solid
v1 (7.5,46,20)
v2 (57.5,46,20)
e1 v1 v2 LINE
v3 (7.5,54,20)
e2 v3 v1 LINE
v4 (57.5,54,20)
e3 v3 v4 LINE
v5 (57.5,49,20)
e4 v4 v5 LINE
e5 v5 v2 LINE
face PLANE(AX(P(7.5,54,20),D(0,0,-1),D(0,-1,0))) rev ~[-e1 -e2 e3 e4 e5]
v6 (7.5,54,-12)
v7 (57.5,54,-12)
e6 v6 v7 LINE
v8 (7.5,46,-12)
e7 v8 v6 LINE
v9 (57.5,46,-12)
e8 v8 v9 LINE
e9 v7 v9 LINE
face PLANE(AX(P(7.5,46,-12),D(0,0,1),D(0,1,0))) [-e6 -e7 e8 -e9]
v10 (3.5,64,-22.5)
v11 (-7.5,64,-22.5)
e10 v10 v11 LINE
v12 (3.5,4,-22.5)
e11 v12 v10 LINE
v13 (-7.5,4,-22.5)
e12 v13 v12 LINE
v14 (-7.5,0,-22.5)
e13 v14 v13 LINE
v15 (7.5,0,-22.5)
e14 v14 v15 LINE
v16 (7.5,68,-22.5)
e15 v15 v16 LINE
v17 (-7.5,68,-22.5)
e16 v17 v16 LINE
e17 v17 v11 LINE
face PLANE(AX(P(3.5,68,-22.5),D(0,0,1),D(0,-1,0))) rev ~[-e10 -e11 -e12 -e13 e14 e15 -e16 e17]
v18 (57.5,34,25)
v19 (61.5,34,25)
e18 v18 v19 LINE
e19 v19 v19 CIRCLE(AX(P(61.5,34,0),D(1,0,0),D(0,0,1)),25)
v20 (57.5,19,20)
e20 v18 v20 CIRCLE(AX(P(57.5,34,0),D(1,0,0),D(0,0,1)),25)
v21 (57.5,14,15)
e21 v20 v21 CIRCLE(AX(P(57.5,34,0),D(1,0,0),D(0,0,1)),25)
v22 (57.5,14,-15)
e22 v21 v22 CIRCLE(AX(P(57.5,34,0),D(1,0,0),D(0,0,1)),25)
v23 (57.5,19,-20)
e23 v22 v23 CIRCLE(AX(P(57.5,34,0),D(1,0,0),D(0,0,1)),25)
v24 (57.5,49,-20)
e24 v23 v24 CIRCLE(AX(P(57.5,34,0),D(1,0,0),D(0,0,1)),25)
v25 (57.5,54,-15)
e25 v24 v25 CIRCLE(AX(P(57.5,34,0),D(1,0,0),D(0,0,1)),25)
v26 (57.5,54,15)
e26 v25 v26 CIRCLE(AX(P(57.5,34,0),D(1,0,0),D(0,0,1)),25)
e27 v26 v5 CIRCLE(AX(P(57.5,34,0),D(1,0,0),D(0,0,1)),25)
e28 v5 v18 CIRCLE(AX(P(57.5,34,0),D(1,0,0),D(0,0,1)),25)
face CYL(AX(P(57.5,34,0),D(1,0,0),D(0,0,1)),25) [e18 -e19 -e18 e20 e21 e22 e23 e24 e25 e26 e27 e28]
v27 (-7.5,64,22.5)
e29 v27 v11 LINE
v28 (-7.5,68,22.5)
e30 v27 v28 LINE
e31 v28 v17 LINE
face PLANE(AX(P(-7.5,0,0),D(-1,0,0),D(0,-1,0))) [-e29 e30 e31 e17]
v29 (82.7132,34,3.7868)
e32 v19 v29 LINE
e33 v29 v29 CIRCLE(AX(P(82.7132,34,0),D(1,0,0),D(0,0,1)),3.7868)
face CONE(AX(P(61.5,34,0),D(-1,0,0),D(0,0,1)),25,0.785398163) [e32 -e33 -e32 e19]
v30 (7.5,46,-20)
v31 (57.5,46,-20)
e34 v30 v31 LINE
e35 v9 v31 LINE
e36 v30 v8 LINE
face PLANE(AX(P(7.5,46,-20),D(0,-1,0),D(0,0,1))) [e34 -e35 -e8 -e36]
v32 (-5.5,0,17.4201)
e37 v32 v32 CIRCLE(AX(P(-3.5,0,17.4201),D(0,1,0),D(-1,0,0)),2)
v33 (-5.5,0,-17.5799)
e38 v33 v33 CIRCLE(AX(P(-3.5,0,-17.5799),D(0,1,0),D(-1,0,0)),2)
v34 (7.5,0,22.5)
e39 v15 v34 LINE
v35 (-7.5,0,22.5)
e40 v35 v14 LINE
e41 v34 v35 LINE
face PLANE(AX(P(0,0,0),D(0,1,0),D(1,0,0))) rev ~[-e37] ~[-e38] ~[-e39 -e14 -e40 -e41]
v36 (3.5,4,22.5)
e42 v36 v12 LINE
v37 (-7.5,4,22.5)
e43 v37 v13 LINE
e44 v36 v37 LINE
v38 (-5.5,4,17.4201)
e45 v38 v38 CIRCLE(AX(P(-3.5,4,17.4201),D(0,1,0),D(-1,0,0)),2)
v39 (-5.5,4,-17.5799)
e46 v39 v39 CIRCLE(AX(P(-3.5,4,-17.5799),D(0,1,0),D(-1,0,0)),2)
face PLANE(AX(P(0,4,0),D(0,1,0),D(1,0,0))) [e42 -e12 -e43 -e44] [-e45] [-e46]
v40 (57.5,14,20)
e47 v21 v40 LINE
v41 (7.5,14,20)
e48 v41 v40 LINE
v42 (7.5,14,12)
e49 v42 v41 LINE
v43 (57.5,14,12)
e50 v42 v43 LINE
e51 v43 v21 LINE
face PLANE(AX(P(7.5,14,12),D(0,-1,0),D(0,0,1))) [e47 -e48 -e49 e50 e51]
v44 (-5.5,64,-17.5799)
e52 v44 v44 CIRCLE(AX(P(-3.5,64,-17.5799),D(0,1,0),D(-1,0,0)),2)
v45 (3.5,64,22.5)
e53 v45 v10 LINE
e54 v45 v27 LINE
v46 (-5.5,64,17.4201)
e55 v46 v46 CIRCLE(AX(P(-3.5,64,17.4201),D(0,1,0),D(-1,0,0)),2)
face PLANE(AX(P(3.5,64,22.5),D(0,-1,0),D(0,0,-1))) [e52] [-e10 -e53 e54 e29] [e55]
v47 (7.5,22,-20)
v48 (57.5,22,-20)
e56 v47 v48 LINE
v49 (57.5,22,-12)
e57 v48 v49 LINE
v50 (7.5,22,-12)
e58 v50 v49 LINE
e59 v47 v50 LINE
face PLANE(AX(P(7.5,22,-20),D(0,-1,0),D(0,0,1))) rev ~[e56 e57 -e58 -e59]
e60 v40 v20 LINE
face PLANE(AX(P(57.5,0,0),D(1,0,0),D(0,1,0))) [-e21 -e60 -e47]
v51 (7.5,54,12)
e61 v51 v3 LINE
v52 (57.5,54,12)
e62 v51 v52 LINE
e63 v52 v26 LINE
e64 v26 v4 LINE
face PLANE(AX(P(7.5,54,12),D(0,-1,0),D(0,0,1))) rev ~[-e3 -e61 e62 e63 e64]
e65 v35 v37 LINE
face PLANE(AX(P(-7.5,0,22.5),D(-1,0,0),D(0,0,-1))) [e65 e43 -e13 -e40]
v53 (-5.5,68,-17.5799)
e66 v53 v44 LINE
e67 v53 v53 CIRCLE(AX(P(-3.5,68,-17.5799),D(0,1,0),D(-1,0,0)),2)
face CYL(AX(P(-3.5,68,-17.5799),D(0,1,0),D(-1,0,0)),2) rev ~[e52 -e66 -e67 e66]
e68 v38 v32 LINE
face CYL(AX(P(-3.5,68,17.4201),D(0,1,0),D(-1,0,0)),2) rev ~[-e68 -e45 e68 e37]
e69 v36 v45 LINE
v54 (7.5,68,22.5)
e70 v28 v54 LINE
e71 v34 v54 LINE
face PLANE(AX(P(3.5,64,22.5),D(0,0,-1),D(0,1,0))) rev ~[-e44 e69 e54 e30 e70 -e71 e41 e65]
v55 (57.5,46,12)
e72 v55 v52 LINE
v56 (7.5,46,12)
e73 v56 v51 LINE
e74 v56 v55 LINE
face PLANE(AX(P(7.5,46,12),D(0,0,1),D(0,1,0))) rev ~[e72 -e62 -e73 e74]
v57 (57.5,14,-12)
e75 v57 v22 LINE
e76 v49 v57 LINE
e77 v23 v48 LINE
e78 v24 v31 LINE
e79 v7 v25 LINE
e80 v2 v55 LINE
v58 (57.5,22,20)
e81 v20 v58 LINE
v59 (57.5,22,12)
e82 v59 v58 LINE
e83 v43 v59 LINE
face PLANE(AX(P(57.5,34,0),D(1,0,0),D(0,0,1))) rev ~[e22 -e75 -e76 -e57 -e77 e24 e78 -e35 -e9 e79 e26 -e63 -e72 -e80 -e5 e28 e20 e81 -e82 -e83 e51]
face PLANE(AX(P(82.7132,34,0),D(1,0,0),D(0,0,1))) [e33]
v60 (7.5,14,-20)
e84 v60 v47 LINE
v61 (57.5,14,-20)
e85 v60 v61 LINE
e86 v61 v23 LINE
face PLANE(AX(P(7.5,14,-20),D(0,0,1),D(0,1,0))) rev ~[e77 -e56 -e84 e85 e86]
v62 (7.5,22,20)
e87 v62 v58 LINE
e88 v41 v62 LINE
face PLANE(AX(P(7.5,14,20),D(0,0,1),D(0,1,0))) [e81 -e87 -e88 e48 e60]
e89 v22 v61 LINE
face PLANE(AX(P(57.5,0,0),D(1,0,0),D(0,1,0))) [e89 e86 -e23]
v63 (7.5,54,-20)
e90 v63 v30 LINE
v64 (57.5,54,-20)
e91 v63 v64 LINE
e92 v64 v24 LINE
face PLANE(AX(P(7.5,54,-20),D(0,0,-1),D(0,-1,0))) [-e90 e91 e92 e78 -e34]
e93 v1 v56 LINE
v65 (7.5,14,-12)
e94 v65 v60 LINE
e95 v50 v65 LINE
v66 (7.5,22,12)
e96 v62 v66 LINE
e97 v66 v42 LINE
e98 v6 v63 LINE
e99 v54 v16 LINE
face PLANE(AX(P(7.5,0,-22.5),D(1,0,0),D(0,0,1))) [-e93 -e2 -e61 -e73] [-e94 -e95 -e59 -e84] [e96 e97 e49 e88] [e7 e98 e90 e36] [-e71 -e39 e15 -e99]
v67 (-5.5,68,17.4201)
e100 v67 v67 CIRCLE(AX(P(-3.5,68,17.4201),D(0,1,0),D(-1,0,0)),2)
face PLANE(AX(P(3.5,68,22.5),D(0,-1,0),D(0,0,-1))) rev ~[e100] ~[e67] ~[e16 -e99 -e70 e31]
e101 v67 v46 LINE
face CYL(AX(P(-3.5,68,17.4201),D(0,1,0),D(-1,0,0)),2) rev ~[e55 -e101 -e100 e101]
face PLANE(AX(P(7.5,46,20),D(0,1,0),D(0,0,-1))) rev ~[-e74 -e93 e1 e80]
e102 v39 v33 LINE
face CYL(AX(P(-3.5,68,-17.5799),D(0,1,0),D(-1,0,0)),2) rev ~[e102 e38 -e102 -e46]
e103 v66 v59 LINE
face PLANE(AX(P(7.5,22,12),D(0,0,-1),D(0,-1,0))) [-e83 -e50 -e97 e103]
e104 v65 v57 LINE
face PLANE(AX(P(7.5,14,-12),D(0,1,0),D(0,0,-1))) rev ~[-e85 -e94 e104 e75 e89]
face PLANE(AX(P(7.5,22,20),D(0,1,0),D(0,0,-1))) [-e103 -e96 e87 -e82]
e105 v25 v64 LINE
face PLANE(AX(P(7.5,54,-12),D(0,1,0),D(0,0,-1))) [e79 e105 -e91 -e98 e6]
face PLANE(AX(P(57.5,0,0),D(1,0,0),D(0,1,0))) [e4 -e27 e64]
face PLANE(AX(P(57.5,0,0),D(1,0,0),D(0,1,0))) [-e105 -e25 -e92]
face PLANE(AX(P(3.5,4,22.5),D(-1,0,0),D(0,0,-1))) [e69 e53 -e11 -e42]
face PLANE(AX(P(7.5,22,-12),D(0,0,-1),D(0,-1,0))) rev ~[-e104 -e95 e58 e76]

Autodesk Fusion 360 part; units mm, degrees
sketch "Sketch1" plane through (0, 0, 0) normal (0, 1, 0) x (1, 0, 0)
  line L0 (7.5, -22.5) -> (-7.5, -22.5)
  line L1 (-7.5, -22.5) -> (-7.5, 22.5)
  line L2 (-7.5, 22.5) -> (7.5, 22.5)
  line L3 (7.5, 22.5) -> (7.5, -22.5)
  line L4 (7.5, -22.5) -> (-7.5, 22.5) construction
  line L5 (-7.5, -22.5) -> (7.5, 22.5) construction
  dimension "d1" = 45
  dimension "d2" = 15
extrude "Extrude1" add sketch "Sketch1" along normal blind 4
sketch "Sketch2" plane through (0, 4, 0) normal (0, 1, 0) x (-1, 0, 0)
  line L0 (-7.5, -22.5) -> (7.5, -22.5)
  line L1 (7.5, -22.5) -> (7.5, 22.5)
  line L2 (7.5, 22.5) -> (-7.5, 22.5)
  line L3 (-7.5, 22.5) -> (-7.5, -22.5)
  line L4 (-7.5, 22.5) -> (-3.5, 22.5)
  line L5 (-3.5, 22.5) -> (-3.5, -22.5)
  line L6 (-3.5, -22.5) -> (-7.5, -22.5)
  line L7 (-7.5, -22.5) -> (-7.5, 22.5)
  dimension "d9" = 4
extrude "Extrude2" add sketch "Sketch2" along normal blind 64 contours L0 L2 L3 L4 L5 L6 L7
sketch "Sketch3" plane through (3.5, 0, 0) normal (-1, 0, 0) x (0, -1, 0)
  line L0 (-4, -22.5) -> (-4, 22.5)
  line L1 (-4, 22.5) -> (-68, 22.5)
  line L2 (-68, 22.5) -> (-68, -22.5)
  line L3 (-68, -22.5) -> (-4, -22.5)
  line L4 (-68, 22.5) -> (-64, 22.5)
  line L5 (-64, 22.5) -> (-64, -22.5)
  line L6 (-64, -22.5) -> (-68, -22.5)
  line L7 (-68, -22.5) -> (-68, 22.5)
  dimension "d12" = 4
extrude "Extrude3" add sketch "Sketch3" along normal blind 11 contours L1 L2 L3 L4 L5 L6 L7
sketch "Sketch4" plane through (3.5, 0, 0) normal (-1, 0, 0) x (0, -1, 0)
  line L0 (-64, 22.5) -> (-64, -22.5)
  line L1 (-64, -22.5) -> (-4, -22.5)
  line L2 (-4, -22.5) -> (-4, 22.5)
  line L3 (-4, 22.5) -> (-64, 22.5)
  line L4 (-60, 22.5) -> (-56, 22.5)
  line L5 (-56, 22.5) -> (-56, -22.5)
  line L6 (-56, -22.5) -> (-60, -22.5)
  line L7 (-60, -22.5) -> (-60, 22.5)
  line L8 (-34, -22.5) -> (-34, 22.5) construction
  line L9 (-8, 22.5) -> (-12, 22.5)
  line L10 (-8, -22.5) -> (-8, 22.5)
  line L11 (-12, 22.5) -> (-12, -22.5)
  line L12 (-12, -22.5) -> (-8, -22.5)
  dimension "d15" = 4
  dimension "d16" = 4
sketch "Sketch5" plane through (0, 68, 0) normal (0, 1, 0) x (-1, 0, 0)
  line L0 (-7.5, -22.5) -> (7.5, -22.5)
  line L1 (7.5, -22.5) -> (7.5, 22.5)
  line L2 (7.5, 22.5) -> (-7.5, 22.5)
  line L3 (-7.5, 22.5) -> (-7.5, -22.5)
  circle A0 centre (3.5, 17.4201) radius 2
  circle A1 centre (3.5, -17.5799) radius 2
  line L4 (3.5, -17.5799) -> (3.5, 17.4201) construction
  point P0 (3.5, -0.0799)
  dimension "d19" = 4
  dimension "d20" = 4
  dimension "d21" = 35
  dimension "d22" = 4
extrude "Extrude5" cut sketch "Sketch5" against normal through all contours A0 | A1
ref_plane "WorkPlane1" through (0, 34, 0) normal (0, 1, 0) x (0, 0, 1)
sketch "Sketch7" plane through (7.5, 0, 0) normal (1, 0, 0) x (0, 1, 0)
  line L0 (0, 22.5) -> (0, -22.5)
  line L1 (0, -22.5) -> (68, -22.5)
  line L2 (68, -22.5) -> (68, 22.5)
  line L3 (68, 22.5) -> (0, 22.5)
  line L4 (54, 20) -> (14, 20) construction
  line L5 (14, 20) -> (14, -20) construction
  line L6 (14, -20) -> (54, -20) construction
  line L7 (54, -20) -> (54, 20) construction
  line L8 (54, 20) -> (14, -20) construction
  line L9 (14, 20) -> (54, -20) construction
  line L10 (34, 22.5) -> (34, -22.5) construction
  line L11 (0, 0) -> (68, 0) construction
  line L12 (14, 20) -> (22, 20)
  line L13 (22, 20) -> (22, 12)
  line L14 (22, 12) -> (14, 12)
  line L15 (14, 12) -> (14, 20)
  line L16 (46, 12) -> (54, 12)
  line L17 (54, 12) -> (54, 20)
  line L18 (54, 20) -> (46, 20)
  line L19 (46, 20) -> (46, 12)
  line L20 (22, -12) -> (14, -12)
  line L21 (22, -20) -> (22, -12)
  line L22 (14, -20) -> (22, -20)
  line L23 (14, -12) -> (14, -20)
  line L24 (46, -20) -> (46, -12)
  line L25 (54, -20) -> (46, -20)
  line L26 (54, -12) -> (54, -20)
  line L27 (46, -12) -> (54, -12)
  point P0 (34, 0)
  dimension "d32" = 40
  dimension "d33" = 40
  dimension "d34" = 8
extrude "Extrude6" add sketch "Sketch7" along normal blind 50 contours L12 L13 L14 L15 | L16 L17 L18 L19 | L20 L21 L22 L23 | L24 L25 L26 L27
sketch "Sketch8" plane through (0, 34, 0) normal (0, 1, 0) x (1, 0, 0)
  line L0 (57.5, -20) -> (57.5, -12)
  line L1 (0, 0) -> (67.5, 0) construction
  line L2 (57.5, -25) -> (61.5, -25)
  line L3 (61.5, -25) -> (82.7132, -3.7868)
  line L4 (57.5, -25) -> (57.5, 0)
  line L5 (82.7132, -3.7868) -> (82.7132, 0)
  line L6 (82.7132, 0) -> (57.5, 0)
  point P0 (57.5, 0)
  dimension "d39" = 4
  dimension "d40" = 135
  dimension "d41" = 30
revolve "Revolve2" add sketch "Sketch8" angle 360 about axis through (0, 34, 0) along (1, 0, 0)
equation "d10 = 56 mm + 8 mm"
equation "d24 = -( 68 / 2 ) * 1 mm"
